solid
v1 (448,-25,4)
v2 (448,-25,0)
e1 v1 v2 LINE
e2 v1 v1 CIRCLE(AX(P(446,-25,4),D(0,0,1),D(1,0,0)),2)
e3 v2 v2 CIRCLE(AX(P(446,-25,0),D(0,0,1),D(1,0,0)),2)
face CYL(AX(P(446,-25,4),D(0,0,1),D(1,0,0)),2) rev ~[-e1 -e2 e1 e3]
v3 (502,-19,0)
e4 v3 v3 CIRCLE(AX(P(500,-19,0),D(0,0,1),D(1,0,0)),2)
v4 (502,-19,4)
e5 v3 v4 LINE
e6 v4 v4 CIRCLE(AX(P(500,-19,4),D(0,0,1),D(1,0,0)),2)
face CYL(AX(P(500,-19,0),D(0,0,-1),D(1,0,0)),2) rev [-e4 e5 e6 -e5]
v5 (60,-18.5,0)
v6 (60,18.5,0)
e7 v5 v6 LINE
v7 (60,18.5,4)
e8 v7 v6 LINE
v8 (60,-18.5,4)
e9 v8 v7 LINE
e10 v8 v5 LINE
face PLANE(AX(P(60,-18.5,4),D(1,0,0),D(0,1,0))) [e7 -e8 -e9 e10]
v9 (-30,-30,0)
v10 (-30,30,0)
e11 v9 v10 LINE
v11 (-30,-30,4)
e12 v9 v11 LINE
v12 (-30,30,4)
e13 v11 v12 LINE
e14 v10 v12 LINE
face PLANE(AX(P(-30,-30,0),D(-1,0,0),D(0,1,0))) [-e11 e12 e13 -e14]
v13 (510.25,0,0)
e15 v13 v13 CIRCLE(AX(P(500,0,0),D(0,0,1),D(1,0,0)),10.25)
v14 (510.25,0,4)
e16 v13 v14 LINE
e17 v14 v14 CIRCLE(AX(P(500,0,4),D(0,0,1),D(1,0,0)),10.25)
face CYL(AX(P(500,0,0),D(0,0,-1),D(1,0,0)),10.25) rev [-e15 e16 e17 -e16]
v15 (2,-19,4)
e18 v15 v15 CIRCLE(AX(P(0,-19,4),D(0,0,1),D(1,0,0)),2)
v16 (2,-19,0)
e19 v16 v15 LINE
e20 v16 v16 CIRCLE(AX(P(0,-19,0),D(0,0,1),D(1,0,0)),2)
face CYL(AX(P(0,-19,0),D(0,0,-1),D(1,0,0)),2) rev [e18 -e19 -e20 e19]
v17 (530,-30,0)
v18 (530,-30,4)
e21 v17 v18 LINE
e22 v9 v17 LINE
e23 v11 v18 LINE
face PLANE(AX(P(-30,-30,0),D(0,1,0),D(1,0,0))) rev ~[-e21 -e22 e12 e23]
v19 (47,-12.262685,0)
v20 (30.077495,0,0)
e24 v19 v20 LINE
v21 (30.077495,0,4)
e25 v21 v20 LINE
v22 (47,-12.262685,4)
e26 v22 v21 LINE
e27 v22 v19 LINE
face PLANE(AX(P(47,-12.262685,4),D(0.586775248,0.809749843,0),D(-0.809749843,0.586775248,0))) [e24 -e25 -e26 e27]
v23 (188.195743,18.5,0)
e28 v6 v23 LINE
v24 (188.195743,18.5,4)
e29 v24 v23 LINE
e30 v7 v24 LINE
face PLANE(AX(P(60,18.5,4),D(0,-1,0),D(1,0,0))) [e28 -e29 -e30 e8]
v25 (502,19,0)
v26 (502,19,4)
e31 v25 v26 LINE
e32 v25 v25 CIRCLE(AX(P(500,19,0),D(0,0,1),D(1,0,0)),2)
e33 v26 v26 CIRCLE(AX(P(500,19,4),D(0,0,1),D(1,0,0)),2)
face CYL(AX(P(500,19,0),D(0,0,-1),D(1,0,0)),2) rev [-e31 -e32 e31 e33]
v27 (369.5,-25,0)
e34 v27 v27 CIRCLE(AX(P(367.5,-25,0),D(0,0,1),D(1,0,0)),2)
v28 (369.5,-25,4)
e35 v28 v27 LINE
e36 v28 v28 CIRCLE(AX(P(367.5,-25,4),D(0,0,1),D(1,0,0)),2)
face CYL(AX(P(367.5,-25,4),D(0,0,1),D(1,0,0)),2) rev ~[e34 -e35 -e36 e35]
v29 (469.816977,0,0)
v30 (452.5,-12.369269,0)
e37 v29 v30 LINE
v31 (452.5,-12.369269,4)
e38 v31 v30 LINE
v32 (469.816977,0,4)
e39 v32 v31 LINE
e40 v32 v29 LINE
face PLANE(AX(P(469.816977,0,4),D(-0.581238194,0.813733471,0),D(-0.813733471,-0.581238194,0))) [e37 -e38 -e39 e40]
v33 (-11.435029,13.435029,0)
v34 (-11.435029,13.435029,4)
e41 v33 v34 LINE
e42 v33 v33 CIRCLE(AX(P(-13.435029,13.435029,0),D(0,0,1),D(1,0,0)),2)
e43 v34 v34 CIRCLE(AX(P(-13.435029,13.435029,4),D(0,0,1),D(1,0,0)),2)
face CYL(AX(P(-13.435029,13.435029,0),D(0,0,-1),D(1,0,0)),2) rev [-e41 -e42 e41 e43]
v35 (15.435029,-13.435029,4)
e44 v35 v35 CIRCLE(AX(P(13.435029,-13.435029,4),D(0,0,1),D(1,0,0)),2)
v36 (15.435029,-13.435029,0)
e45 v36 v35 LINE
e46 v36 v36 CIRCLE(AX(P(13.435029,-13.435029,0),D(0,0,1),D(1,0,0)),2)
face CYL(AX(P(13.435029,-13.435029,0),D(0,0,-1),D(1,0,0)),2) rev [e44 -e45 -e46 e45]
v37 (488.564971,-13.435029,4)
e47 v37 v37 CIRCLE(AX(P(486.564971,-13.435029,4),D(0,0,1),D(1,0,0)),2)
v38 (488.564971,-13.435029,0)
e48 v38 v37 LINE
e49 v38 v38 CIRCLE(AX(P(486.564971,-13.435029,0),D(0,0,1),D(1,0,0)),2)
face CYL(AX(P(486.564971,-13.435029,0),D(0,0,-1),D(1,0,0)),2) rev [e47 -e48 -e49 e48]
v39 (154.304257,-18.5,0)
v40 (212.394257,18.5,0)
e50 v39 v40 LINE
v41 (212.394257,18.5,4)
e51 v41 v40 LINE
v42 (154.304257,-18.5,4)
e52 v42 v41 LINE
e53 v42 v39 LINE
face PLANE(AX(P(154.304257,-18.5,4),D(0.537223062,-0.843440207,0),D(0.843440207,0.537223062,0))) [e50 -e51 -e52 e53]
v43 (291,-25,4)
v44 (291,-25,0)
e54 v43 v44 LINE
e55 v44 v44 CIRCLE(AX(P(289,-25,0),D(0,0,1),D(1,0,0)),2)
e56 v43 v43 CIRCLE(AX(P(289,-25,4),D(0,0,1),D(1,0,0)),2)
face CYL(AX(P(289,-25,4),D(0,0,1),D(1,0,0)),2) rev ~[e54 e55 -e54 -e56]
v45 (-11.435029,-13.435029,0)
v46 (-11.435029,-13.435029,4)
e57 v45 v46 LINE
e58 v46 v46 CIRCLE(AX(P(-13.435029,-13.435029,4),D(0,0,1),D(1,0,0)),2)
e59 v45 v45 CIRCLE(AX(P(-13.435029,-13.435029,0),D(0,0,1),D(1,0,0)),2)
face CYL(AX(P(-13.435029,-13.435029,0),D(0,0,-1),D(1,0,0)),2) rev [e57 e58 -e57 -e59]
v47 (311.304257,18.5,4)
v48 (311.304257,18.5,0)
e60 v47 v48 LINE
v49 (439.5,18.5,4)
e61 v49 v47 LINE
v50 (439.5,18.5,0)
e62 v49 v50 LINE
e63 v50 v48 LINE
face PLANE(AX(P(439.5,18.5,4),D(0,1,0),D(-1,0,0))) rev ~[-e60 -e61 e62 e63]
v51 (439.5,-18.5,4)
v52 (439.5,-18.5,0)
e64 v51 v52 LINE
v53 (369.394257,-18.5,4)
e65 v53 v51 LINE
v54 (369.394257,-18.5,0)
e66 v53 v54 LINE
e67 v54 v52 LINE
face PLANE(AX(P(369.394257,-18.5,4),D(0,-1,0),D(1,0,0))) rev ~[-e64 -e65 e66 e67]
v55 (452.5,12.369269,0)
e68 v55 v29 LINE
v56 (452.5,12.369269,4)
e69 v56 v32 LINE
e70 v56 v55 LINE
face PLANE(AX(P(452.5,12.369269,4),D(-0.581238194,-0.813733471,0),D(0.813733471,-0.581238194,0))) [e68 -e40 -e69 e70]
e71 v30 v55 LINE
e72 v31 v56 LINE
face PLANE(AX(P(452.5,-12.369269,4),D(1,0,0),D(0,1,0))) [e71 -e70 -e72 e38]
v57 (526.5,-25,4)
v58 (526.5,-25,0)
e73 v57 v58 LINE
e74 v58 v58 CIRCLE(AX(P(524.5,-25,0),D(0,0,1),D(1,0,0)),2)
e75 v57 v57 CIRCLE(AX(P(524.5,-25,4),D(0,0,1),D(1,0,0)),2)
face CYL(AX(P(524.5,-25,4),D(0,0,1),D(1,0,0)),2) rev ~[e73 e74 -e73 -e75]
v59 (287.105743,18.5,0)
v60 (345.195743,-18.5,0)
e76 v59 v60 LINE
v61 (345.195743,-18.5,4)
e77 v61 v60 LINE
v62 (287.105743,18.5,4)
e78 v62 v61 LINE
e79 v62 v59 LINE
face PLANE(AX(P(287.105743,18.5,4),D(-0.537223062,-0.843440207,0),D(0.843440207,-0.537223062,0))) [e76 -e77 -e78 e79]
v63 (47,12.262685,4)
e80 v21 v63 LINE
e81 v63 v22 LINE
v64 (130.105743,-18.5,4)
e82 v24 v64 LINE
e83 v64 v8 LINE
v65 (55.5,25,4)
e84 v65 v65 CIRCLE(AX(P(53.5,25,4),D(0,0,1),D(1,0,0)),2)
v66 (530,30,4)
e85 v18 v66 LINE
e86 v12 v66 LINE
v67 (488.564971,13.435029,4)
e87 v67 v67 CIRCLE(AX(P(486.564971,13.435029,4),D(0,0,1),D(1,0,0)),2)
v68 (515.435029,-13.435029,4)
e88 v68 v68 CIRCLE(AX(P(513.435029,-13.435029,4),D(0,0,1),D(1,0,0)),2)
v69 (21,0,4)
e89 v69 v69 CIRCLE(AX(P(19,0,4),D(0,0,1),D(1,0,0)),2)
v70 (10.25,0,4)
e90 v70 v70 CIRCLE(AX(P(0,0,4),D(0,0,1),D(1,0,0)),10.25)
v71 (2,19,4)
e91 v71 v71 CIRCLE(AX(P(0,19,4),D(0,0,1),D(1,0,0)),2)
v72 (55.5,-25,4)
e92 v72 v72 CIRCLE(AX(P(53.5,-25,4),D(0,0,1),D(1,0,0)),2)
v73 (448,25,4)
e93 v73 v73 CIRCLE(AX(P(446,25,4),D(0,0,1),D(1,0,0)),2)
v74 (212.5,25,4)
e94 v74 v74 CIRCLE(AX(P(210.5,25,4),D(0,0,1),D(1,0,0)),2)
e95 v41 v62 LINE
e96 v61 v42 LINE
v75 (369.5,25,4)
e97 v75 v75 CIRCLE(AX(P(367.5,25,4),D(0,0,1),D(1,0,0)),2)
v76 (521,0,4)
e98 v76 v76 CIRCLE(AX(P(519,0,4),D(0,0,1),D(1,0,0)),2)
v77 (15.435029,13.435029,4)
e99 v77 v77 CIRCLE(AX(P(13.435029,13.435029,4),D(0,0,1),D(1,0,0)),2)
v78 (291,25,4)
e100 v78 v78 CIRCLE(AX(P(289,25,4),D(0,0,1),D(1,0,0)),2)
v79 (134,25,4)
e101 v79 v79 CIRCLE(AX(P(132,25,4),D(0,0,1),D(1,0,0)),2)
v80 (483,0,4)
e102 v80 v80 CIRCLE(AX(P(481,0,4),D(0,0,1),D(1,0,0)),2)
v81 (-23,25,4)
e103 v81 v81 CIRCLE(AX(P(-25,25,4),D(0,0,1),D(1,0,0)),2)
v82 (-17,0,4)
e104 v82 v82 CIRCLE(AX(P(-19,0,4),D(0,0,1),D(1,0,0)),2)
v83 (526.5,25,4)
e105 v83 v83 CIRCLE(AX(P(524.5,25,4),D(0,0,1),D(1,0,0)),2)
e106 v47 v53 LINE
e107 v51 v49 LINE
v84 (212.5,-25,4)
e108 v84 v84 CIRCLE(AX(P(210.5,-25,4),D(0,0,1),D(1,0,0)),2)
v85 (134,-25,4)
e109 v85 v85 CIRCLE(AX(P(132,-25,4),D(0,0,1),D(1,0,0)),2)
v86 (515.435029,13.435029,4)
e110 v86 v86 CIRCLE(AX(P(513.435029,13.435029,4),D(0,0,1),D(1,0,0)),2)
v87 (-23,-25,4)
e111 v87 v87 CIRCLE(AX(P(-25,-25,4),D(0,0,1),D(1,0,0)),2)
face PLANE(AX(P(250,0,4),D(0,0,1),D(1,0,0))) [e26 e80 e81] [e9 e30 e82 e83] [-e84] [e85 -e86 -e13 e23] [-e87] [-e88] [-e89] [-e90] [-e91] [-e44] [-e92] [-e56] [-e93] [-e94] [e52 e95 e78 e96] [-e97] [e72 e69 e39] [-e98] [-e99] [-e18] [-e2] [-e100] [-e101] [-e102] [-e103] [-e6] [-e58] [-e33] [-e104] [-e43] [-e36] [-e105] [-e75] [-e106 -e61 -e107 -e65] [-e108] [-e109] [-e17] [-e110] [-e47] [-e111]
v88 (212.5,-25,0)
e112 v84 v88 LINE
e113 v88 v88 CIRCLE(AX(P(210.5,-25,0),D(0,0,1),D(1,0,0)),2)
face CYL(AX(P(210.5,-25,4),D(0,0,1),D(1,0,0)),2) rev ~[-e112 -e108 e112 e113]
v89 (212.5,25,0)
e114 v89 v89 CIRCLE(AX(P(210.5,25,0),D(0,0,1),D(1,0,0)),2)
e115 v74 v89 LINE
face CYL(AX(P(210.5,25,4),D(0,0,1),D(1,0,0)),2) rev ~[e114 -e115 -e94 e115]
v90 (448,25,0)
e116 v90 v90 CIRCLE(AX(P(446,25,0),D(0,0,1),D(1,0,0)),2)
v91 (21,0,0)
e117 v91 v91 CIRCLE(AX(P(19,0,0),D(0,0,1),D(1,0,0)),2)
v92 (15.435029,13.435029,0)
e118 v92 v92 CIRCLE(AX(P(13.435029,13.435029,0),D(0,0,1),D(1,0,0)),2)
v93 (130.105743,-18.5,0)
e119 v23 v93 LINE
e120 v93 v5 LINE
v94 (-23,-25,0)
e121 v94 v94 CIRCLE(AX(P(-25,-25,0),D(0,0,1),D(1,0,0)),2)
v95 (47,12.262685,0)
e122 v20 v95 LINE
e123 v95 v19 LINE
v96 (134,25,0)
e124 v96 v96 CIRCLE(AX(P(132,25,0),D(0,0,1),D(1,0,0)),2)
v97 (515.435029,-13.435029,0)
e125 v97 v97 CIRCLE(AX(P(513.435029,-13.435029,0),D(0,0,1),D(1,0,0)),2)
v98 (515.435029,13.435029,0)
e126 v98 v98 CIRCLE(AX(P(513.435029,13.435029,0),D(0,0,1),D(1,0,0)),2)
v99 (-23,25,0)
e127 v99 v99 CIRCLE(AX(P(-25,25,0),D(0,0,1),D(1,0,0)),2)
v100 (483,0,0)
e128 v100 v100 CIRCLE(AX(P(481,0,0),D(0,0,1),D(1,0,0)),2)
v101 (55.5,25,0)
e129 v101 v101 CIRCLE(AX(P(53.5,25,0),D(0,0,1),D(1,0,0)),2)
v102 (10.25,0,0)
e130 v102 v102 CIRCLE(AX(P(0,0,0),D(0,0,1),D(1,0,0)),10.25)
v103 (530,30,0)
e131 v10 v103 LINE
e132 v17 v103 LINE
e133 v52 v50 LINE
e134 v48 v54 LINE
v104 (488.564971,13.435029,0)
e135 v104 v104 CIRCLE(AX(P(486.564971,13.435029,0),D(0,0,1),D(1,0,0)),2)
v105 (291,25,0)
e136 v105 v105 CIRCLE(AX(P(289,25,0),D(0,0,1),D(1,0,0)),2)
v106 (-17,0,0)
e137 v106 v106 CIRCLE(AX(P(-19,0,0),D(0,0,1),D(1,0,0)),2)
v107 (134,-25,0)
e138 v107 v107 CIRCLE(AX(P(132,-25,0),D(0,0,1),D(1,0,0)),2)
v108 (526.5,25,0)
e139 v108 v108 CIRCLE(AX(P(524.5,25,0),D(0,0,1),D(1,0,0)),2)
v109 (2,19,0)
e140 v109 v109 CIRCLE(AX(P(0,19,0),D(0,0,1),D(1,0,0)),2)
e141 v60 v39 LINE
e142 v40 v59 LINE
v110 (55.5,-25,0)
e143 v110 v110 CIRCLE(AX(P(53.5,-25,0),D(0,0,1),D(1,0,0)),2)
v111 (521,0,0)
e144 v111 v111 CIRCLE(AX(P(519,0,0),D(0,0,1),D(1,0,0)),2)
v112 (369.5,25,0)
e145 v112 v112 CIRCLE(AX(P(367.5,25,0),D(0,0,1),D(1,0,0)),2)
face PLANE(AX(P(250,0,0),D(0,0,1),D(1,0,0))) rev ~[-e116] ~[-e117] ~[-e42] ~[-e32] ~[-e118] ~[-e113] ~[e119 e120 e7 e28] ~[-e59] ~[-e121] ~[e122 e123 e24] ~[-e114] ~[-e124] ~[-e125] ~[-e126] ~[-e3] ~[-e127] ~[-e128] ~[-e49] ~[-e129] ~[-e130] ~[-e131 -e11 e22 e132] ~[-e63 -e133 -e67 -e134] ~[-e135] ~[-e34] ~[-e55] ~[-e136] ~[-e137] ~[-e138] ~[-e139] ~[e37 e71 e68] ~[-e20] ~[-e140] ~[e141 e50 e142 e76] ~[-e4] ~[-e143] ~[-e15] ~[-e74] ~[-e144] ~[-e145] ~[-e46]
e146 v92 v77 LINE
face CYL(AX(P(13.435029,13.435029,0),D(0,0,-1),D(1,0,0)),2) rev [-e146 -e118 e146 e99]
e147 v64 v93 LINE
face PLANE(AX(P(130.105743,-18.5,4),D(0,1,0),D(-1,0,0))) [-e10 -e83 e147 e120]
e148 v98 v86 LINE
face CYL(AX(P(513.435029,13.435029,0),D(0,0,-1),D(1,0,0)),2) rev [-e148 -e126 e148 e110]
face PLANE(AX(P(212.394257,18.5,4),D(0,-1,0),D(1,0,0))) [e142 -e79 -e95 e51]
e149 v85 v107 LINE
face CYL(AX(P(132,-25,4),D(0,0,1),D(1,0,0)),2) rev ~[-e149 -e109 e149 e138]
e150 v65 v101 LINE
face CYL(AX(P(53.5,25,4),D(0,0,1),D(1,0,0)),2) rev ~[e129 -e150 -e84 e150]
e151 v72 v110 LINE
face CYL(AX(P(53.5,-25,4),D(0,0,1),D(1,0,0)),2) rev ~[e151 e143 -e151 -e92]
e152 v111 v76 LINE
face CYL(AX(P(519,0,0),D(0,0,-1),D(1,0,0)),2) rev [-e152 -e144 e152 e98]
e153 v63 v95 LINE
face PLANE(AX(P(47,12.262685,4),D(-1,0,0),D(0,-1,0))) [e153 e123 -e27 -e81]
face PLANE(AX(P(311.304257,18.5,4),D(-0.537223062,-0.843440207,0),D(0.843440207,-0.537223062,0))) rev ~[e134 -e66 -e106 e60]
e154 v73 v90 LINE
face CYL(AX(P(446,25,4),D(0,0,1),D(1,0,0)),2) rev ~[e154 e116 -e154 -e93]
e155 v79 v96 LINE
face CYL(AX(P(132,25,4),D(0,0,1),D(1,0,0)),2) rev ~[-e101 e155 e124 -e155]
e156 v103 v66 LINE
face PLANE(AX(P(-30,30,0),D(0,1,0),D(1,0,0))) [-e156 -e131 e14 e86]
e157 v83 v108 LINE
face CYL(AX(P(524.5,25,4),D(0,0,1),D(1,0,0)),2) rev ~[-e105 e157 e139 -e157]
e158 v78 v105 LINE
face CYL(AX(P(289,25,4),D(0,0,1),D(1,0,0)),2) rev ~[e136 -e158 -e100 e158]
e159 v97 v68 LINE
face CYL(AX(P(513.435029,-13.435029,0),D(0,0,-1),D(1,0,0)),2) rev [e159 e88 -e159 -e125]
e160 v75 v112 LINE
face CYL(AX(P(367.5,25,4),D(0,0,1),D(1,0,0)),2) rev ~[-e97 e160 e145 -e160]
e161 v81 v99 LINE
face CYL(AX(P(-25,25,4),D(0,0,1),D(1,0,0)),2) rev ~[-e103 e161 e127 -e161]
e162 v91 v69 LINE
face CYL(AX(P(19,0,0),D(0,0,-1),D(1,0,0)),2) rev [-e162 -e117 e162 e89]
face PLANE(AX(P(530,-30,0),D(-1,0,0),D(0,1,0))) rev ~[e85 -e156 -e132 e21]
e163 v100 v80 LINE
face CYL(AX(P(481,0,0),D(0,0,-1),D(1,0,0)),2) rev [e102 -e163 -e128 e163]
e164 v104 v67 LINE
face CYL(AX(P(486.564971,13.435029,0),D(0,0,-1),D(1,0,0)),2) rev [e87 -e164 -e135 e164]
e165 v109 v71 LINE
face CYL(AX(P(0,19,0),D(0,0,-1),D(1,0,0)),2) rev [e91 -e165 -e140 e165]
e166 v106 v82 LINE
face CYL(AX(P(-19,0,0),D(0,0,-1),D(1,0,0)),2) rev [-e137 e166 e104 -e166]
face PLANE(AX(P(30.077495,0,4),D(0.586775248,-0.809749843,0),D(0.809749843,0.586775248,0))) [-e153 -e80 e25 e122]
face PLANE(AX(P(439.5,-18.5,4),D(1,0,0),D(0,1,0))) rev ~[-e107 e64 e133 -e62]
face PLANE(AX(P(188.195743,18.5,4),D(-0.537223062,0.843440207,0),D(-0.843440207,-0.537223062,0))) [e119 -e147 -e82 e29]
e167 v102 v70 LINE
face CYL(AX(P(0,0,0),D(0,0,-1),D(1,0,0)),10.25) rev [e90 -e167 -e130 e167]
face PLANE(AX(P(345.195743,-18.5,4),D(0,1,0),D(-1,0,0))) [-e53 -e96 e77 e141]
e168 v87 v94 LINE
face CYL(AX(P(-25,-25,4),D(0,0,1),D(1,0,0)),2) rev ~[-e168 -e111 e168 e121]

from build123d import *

# Parameters (mm, degrees)
SKETCH_1_W          = 560
SKETCH_1_H          = 60
SKETCH_1_R          = 10.25
SKETCH_1_R_2        = 2
EXTRUDE_1_DEPTH     = 4
SKETCH_2_R          = 2
CUT_EXTRUDE_1_DEPTH = 10
CUT_EXTRUDE_2_DEPTH = 10


with BuildPart() as part:
    # 草图1 → 凸台-拉伸1 (new body)
    with BuildSketch(Plane.XY):
        with Locations((250, 0)):
            Rectangle(SKETCH_1_W, SKETCH_1_H)
        Circle(SKETCH_1_R, mode=Mode.SUBTRACT)
        with Locations((0, -19)):
            Circle(SKETCH_1_R_2, mode=Mode.SUBTRACT)
        with Locations((-13.435028843, -13.435028843)):
            Circle(SKETCH_1_R_2, mode=Mode.SUBTRACT)
        with Locations((-19, 0)):
            Circle(SKETCH_1_R_2, mode=Mode.SUBTRACT)
        with Locations((-13.435028843, 13.435028843)):
            Circle(SKETCH_1_R_2, mode=Mode.SUBTRACT)
        with Locations((0, 19)):
            Circle(SKETCH_1_R_2, mode=Mode.SUBTRACT)
        with Locations((13.435028843, 13.435028843)):
            Circle(SKETCH_1_R_2, mode=Mode.SUBTRACT)
        with Locations((19, 0)):
            Circle(SKETCH_1_R_2, mode=Mode.SUBTRACT)
        with Locations((13.435028843, -13.435028843)):
            Circle(SKETCH_1_R_2, mode=Mode.SUBTRACT)
        with Locations((500, -19)):
            Circle(SKETCH_1_R_2, mode=Mode.SUBTRACT)
        with Locations((500, 0)):
            Circle(SKETCH_1_R, mode=Mode.SUBTRACT)
        with Locations((486.564971157, -13.435028843)):
            Circle(SKETCH_1_R_2, mode=Mode.SUBTRACT)
        with Locations((481, 0)):
            Circle(SKETCH_1_R_2, mode=Mode.SUBTRACT)
        with Locations((486.564971157, 13.435028843)):
            Circle(SKETCH_1_R_2, mode=Mode.SUBTRACT)
        with Locations((500, 19)):
            Circle(SKETCH_1_R_2, mode=Mode.SUBTRACT)
        with Locations((513.435028843, 13.435028843)):
            Circle(SKETCH_1_R_2, mode=Mode.SUBTRACT)
        with Locations((519, 0)):
            Circle(SKETCH_1_R_2, mode=Mode.SUBTRACT)
        with Locations((513.435028843, -13.435028843)):
            Circle(SKETCH_1_R_2, mode=Mode.SUBTRACT)
    extrude(amount=EXTRUDE_1_DEPTH)

    # 草图2 → 切除-拉伸1 (cut)
    with BuildSketch(Plane.XY.offset(4)):
        with Locations((-25, 25)):
            Circle(SKETCH_2_R)
        with Locations((53.5, 25)):
            Circle(SKETCH_2_R)
        with Locations((132, 25)):
            Circle(SKETCH_2_R)
        with Locations((210.5, 25)):
            Circle(SKETCH_2_R)
        with Locations((289, 25)):
            Circle(SKETCH_2_R)
        with Locations((367.5, 25)):
            Circle(SKETCH_2_R)
        with Locations((446, 25)):
            Circle(SKETCH_2_R)
        with Locations((524.5, 25)):
            Circle(SKETCH_2_R)
        with Locations((53.5, -25)):
            Circle(SKETCH_2_R)
        with Locations((132, -25)):
            Circle(SKETCH_2_R)
        with Locations((210.5, -25)):
            Circle(SKETCH_2_R)
        with Locations((289, -25)):
            Circle(SKETCH_2_R)
        with Locations((367.5, -25)):
            Circle(SKETCH_2_R)
        with Locations((446, -25)):
            Circle(SKETCH_2_R)
        with Locations((524.5, -25)):
            Circle(SKETCH_2_R)
        with Locations((-25, -25)):
            Circle(SKETCH_2_R)
    extrude(amount=-CUT_EXTRUDE_1_DEPTH, mode=Mode.SUBTRACT)

    # 草图3 → 切除-拉伸2 (cut)
    with BuildSketch(Plane.XY.offset(4)):
        Polygon((60, -18.5), (60, 18.5), (188.195742791, 18.5), (130.105742791, -18.5), align=None)
        Polygon((212.394257209, 18.5), (287.105742791, 18.5), (345.195742791, -18.5), (154.304257209, -18.5), align=None)
        Polygon((369.394257209, -18.5), (439.5, -18.5), (439.5, 18.5), (311.304257209, 18.5), align=None)
        Polygon((452.5, -12.369269395), (452.5, 12.369269395), (469.816977153, 0), align=None)
        Polygon((47, -12.262684635), (30.077495204, 0), (47, 12.262684635), align=None)
    extrude(amount=-CUT_EXTRUDE_2_DEPTH, mode=Mode.SUBTRACT)


solid = part.part
